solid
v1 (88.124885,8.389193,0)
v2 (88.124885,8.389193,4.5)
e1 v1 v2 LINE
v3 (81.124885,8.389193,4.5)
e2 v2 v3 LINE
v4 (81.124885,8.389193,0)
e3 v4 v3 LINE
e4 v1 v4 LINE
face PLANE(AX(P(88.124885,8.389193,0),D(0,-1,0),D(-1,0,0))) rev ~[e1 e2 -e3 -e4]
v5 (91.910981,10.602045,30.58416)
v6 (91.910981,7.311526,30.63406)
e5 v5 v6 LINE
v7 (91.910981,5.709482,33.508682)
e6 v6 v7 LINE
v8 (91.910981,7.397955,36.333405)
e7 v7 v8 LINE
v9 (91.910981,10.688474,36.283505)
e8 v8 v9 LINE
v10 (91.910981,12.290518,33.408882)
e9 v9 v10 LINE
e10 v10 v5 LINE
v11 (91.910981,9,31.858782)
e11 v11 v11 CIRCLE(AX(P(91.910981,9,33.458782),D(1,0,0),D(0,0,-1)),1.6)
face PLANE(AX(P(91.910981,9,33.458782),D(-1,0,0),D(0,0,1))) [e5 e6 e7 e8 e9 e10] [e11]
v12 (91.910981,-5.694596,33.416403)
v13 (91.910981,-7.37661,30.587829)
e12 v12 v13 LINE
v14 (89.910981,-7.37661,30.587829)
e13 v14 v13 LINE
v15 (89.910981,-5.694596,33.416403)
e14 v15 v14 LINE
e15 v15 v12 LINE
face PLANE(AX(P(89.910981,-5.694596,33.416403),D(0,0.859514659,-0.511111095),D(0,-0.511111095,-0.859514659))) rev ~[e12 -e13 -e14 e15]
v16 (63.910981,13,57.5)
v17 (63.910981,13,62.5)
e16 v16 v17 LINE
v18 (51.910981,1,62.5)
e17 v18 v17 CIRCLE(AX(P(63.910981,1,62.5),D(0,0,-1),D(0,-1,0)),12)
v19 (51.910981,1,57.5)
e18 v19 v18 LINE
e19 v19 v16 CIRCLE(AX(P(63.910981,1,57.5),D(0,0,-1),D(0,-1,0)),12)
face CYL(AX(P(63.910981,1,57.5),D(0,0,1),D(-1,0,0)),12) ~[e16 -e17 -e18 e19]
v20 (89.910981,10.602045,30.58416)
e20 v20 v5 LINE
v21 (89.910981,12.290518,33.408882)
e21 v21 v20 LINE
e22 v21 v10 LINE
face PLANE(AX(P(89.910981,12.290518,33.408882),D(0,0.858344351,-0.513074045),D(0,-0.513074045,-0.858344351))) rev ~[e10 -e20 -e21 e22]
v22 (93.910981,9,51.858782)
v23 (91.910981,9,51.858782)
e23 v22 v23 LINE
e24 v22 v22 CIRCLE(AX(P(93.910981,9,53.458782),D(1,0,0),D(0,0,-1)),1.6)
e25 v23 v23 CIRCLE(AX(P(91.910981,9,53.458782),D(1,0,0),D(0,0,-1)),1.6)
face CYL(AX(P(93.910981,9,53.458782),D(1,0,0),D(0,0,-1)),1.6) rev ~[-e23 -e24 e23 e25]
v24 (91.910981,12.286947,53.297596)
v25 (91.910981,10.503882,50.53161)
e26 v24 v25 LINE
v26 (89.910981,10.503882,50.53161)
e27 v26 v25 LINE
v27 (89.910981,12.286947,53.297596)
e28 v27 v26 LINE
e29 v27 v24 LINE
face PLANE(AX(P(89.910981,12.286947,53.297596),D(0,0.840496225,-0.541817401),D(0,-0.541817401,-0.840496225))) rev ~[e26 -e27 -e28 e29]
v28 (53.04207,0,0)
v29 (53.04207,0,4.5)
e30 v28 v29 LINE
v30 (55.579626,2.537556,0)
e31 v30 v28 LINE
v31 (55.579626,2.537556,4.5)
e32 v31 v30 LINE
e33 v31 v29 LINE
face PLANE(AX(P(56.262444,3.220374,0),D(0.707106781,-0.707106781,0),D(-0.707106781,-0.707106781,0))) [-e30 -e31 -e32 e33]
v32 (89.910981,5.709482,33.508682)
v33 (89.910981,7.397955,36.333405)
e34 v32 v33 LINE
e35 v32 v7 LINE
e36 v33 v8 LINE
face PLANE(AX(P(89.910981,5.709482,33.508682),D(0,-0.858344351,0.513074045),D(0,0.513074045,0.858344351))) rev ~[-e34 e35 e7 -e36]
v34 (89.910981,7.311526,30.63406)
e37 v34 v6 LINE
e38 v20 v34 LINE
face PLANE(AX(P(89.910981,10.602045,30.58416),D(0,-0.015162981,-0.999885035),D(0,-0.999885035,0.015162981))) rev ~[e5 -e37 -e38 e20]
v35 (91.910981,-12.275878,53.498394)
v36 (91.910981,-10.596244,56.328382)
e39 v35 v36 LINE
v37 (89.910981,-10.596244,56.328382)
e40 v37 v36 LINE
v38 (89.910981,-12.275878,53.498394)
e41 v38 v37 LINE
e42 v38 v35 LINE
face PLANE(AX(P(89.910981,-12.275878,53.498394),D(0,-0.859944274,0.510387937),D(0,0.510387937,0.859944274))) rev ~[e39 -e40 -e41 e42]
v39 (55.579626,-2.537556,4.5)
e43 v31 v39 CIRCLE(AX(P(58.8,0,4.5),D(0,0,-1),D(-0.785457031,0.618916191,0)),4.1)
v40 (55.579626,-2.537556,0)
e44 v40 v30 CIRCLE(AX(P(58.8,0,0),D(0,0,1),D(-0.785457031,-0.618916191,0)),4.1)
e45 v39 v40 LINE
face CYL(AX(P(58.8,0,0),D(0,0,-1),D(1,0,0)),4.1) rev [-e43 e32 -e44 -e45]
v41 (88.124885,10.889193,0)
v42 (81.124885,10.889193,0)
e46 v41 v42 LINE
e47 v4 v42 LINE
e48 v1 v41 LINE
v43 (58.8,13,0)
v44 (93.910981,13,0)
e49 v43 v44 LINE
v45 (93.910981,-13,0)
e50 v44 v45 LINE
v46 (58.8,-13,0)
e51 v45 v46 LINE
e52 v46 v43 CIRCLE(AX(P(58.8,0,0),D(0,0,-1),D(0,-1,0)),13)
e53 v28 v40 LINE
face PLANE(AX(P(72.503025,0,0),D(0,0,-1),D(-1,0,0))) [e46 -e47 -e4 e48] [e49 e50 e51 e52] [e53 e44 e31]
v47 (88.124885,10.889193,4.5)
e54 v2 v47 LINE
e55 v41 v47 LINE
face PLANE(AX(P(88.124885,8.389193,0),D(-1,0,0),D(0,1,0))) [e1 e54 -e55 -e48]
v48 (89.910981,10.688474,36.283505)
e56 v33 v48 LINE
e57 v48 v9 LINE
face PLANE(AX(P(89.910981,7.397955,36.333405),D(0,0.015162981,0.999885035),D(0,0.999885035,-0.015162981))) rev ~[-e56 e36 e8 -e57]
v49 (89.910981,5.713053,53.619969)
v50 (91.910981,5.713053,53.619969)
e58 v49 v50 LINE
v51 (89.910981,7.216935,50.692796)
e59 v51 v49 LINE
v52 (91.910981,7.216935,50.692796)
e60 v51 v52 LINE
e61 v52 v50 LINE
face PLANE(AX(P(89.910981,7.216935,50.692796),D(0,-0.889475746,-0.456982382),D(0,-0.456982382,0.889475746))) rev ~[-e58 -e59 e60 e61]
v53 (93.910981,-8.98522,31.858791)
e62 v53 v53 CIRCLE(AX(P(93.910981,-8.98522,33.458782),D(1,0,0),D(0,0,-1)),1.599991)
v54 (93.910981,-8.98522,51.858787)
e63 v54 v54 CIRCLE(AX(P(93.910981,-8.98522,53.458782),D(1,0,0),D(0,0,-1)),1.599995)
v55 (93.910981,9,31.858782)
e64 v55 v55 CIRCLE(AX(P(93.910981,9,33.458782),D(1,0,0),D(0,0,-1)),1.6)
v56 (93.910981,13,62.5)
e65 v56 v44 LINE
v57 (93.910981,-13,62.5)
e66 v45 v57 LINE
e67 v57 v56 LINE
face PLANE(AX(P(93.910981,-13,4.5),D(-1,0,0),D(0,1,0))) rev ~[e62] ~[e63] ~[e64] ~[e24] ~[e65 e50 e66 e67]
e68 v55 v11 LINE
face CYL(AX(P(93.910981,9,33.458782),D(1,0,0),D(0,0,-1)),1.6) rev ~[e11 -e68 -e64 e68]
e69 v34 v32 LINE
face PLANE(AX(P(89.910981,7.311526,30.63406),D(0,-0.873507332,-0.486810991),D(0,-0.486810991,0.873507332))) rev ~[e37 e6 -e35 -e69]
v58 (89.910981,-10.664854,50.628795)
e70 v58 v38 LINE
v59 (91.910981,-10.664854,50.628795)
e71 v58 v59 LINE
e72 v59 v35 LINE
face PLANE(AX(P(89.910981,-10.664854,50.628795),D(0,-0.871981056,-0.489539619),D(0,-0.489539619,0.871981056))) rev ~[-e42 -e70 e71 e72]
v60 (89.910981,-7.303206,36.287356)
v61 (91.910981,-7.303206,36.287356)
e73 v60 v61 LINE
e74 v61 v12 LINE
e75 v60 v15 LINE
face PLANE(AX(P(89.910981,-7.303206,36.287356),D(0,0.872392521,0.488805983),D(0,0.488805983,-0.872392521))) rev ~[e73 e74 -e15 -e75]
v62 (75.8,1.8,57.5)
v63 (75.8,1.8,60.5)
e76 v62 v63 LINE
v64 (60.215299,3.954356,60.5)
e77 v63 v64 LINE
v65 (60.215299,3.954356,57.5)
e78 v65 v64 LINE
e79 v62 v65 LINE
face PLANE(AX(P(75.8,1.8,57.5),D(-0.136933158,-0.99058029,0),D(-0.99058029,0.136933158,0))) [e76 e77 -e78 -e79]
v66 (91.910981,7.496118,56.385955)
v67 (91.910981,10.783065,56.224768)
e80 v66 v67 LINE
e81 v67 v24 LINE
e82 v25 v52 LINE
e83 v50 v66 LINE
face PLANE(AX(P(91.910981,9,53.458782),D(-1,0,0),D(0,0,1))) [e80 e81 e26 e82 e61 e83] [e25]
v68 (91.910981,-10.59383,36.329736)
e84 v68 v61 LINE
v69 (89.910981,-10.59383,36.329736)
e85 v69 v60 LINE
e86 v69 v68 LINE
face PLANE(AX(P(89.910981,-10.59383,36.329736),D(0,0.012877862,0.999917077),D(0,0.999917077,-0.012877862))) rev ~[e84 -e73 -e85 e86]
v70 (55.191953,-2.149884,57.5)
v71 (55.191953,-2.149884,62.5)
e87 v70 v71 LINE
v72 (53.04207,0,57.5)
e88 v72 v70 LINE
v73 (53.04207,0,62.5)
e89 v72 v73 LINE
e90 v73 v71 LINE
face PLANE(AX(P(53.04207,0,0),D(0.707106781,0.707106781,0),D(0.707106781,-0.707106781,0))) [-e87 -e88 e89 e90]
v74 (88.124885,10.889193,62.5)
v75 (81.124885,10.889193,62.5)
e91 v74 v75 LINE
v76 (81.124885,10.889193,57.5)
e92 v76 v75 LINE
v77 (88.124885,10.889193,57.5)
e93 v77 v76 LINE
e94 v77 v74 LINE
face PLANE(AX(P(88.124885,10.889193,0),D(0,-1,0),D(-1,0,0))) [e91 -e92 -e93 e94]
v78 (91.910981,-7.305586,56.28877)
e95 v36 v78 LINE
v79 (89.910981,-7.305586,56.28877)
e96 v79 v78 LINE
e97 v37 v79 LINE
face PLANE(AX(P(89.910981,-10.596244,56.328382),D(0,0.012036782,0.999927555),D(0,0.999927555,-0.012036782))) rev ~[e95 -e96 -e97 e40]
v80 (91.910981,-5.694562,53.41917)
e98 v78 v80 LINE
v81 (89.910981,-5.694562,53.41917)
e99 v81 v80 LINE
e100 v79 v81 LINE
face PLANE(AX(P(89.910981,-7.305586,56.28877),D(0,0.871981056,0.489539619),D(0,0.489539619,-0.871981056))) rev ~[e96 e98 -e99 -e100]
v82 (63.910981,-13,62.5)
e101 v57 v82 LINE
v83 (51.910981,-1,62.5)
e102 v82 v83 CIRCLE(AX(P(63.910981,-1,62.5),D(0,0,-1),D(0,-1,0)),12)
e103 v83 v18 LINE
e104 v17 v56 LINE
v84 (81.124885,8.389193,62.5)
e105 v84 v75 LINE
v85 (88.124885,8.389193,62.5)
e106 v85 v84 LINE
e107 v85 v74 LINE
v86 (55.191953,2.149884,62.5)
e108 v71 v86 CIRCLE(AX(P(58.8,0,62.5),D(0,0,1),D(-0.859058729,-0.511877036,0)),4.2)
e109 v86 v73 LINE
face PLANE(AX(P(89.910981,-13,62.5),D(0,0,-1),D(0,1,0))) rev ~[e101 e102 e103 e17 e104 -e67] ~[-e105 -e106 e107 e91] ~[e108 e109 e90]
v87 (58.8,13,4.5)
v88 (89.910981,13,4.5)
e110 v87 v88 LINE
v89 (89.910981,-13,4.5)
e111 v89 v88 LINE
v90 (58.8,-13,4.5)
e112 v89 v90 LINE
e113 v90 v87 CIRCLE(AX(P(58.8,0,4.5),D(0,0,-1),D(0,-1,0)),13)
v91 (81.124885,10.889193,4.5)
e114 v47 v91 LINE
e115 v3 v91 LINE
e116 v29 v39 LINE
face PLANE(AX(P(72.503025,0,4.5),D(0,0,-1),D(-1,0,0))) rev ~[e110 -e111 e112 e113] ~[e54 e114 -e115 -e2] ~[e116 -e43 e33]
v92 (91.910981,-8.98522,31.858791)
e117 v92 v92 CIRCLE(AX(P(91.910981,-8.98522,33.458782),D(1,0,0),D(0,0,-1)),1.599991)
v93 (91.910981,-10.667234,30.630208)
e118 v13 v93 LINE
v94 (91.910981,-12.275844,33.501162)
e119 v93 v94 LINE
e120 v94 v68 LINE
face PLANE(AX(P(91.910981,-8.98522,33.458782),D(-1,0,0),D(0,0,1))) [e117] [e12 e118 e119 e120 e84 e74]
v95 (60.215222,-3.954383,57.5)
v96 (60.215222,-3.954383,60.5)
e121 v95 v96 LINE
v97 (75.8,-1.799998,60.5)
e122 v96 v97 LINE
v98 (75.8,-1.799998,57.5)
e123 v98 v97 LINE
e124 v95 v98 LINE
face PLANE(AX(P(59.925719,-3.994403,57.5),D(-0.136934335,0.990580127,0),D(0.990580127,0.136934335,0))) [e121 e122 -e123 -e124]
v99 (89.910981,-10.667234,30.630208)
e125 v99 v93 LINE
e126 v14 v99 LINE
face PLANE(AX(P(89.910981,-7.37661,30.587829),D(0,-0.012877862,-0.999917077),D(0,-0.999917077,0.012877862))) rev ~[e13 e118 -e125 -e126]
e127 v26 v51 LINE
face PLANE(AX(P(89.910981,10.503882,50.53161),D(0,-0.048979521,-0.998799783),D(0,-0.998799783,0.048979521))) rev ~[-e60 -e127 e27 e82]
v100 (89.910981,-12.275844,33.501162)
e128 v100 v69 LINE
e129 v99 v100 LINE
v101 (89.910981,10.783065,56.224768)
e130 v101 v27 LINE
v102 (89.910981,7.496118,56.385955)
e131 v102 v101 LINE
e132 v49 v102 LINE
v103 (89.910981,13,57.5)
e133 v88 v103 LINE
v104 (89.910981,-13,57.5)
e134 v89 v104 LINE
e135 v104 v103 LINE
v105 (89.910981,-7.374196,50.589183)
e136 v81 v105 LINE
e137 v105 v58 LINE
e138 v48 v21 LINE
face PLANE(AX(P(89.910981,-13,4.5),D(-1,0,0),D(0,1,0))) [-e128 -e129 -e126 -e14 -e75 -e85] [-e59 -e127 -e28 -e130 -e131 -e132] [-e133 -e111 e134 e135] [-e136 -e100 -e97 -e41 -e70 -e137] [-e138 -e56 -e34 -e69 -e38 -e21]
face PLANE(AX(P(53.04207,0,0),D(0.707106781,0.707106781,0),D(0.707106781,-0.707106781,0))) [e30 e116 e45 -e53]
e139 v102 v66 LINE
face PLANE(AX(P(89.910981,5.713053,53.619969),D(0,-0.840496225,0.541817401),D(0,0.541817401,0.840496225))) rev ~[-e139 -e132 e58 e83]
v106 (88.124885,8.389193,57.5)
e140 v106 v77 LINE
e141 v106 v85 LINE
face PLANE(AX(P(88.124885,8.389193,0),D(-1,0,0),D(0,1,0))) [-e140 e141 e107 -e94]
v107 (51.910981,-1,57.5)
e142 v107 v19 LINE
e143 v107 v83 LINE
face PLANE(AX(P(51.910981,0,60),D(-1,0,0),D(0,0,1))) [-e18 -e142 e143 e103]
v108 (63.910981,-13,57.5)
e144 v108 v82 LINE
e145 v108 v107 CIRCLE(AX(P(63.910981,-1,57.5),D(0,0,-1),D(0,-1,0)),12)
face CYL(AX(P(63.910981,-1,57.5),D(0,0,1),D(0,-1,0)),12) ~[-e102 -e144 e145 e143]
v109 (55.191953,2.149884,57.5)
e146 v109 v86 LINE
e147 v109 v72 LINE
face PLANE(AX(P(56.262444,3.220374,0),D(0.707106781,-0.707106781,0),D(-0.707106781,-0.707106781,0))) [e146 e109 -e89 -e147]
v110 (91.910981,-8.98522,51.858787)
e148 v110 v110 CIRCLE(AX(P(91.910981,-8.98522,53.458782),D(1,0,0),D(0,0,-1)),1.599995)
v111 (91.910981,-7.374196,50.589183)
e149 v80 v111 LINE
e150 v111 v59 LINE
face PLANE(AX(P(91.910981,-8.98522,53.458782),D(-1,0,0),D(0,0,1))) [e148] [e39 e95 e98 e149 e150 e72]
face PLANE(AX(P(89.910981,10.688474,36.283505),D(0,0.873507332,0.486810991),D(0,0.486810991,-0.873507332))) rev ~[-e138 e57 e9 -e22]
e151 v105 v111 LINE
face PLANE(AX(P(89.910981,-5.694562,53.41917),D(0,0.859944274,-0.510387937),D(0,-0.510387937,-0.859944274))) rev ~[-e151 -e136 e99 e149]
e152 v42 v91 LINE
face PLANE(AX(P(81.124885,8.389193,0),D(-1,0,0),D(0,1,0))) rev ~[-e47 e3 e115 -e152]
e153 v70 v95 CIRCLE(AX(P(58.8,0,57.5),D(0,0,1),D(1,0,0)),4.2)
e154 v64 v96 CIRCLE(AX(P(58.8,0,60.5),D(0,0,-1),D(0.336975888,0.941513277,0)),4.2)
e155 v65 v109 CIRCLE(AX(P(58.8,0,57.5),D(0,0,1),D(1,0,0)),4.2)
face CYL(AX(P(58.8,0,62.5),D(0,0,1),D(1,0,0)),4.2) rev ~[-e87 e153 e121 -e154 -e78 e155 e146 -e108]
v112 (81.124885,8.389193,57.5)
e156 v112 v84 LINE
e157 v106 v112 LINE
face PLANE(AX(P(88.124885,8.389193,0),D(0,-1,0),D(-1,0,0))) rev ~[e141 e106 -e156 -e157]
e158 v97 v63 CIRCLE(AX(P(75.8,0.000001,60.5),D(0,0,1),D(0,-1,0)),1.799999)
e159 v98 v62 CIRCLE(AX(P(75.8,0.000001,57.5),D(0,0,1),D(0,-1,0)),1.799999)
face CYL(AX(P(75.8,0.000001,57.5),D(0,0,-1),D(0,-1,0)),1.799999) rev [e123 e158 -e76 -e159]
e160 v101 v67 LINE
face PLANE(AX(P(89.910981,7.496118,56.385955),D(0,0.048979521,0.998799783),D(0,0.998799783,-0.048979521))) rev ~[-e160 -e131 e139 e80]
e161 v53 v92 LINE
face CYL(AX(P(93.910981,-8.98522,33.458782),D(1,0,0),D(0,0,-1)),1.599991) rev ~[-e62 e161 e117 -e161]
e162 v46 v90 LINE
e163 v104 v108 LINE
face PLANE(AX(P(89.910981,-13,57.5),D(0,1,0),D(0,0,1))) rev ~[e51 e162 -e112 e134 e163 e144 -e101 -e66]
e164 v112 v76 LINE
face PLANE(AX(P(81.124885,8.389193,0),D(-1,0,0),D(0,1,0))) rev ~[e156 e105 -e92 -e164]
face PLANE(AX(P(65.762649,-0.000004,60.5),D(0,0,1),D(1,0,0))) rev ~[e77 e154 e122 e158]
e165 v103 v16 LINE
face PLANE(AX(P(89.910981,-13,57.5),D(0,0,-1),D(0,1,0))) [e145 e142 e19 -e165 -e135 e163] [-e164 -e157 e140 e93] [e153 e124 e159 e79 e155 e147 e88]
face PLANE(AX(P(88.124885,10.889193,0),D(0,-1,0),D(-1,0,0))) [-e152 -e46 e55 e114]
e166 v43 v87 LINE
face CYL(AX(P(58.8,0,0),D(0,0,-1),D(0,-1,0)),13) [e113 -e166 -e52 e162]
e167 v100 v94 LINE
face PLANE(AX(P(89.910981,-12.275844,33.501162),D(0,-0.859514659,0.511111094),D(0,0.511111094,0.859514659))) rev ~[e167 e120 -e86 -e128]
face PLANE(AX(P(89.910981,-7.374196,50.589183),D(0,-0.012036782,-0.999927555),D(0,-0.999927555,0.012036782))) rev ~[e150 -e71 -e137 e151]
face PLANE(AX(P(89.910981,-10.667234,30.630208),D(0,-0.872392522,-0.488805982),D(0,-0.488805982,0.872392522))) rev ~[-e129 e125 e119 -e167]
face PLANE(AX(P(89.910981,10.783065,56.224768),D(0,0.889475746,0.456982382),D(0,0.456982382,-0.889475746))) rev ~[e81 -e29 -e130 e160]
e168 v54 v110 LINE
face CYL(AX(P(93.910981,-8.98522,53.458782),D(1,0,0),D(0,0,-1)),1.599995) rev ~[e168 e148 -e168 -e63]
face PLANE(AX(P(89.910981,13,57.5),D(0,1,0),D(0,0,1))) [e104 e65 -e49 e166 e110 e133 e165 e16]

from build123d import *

# Parameters (mm, degrees)
SKETCH1_R           = 4.1
BOSS_EXTRUDE1_DEPTH = 4.5
SKETCH2_W           = 4
SKETCH2_H           = 26
BOSS_EXTRUDE2_DEPTH = 58
SKETCH3_W           = 5
SKETCH3_H           = 26
BOSS_EXTRUDE3_DEPTH = 38
CUT_EXTRUDE1_START  = -5
CUT_EXTRUDE1_DEPTH  = 3
SKETCH6_R           = 4.2
CUT_EXTRUDE2_DEPTH  = 10
FILLET1_R           = 12
CUT_EXTRUDE4_DEPTH  = 74
SKETCH8_R           = 1.599994812
SKETCH8_R_2         = 1.6
SKETCH8_R_3         = 1.599991008
CUT_EXTRUDE5_DEPTH  = 8.5
CUT_EXTRUDE6_DEPTH  = 2
SKETCH10_W          = 7
SKETCH10_H          = 2.5
CUT_EXTRUDE7_DEPTH  = 114


with BuildPart() as part:
    # Sketch1 → Boss-Extrude1 (new body)
    with BuildSketch(Plane.XY):
        with BuildLine():
            Line((58.8, 13), (93.910980652, 13))
            Line((93.910980652, 13), (93.910980652, -13))
            Line((93.910980652, -13), (58.8, -13))
            ThreePointArc((58.8, -13), (45.8, 0), (58.8, 13))
        make_face()
        with Locations((58.8, 0)):
            Circle(SKETCH1_R, mode=Mode.SUBTRACT)
    extrude(amount=BOSS_EXTRUDE1_DEPTH)

    # Sketch2 → Boss-Extrude2 (add)
    with BuildSketch(Plane.XY.offset(4.5)):
        with Locations((91.910980652, 0)):
            Rectangle(SKETCH2_W, SKETCH2_H)
    extrude(amount=BOSS_EXTRUDE2_DEPTH)

    # Sketch3 → Boss-Extrude3 (add)
    with BuildSketch(Plane.ZY.offset(-89.910980652)):
        with Locations((60, 0)):
            Rectangle(SKETCH3_W, SKETCH3_H)
    extrude(amount=BOSS_EXTRUDE3_DEPTH)

    # Sketch5 → Cut-Extrude1 (cut)
    with BuildSketch(Plane.XY.offset(62.5).offset(CUT_EXTRUDE1_START)):
        with BuildLine():
            Line((75.8, 1.8), (59.925839282, 3.994369276))
            ThreePointArc((59.925839282, 3.994369276), (54.65, 6.2252e-05), (59.925719446, -3.99440305))
            Line((59.925719446, -3.99440305), (75.8, -1.799997977))
            ThreePointArc((75.8, -1.799997977), (77.599998989, 1.011e-06), (75.8, 1.8))
        make_face()
    extrude(amount=CUT_EXTRUDE1_DEPTH, mode=Mode.SUBTRACT)

    # Sketch6 → Cut-Extrude2 (cut)
    with BuildSketch(Plane.XY.offset(62.5)):
        with Locations((58.8, 0)):
            Circle(SKETCH6_R)
    extrude(amount=-CUT_EXTRUDE2_DEPTH, mode=Mode.SUBTRACT)

    # Fillet1
    fillet1_edges = [part.edges().sort_by_distance(p)[0] for p in [
        (51.910980652, 13, 60),
        (51.910980652, -13, 60),
    ]]
    fillet(fillet1_edges, radius=FILLET1_R)

    # Sketch7 → Cut-Extrude4 (cut)
    with BuildSketch(Plane(origin=(0, 0, 0), x_dir=(-1, 0, 0), z_dir=(0, 0, -1))):
        Polygon((-56.262443614, -3.220373827), (-56.262443614, 3.220373827), (-53.042069787, 0), align=None)
    extrude(amount=-CUT_EXTRUDE4_DEPTH, mode=Mode.SUBTRACT)

    # Sketch8 → Cut-Extrude5 (cut)
    with BuildSketch(Plane(origin=(93.910980652, 0, 0), x_dir=(0, 0, -1), z_dir=(1, 0, 0))):
        with Locations((-53.458782271, -8.985219923)):
            Circle(SKETCH8_R)
        with Locations((-53.458782271, 9)):
            Circle(SKETCH8_R_2)
        with Locations((-33.458782271, 9)):
            Circle(SKETCH8_R_2)
        with Locations((-33.458782271, -8.985219923)):
            Circle(SKETCH8_R_3)
    extrude(amount=-CUT_EXTRUDE5_DEPTH, mode=Mode.SUBTRACT)

    # Sketch9 → Cut-Extrude6 (cut)
    with BuildSketch(Plane.ZY.offset(-89.910980652)):
        Polygon((30.587828745, -7.37661001), (30.630208458, -10.667233653), (33.501161984, -12.275843566), (36.329735796, -10.593829837), (36.287356083, -7.303206194), (33.416402558, -5.69459628), align=None)
        Polygon((30.584160019, 10.602044603), (30.63405982, 7.311526406), (33.508682072, 5.709481802), (36.333404522, 7.397955397), (36.283504721, 10.688473594), (33.408882469, 12.290518198), align=None)
        Polygon((50.589182836, -7.374195689), (50.62879464, -10.664853815), (53.498394075, -12.27587805), (56.328381705, -10.596244158), (56.288769901, -7.305586031), (53.419170466, -5.694561797), align=None)
        Polygon((50.692796157, 7.216934993), (53.619968806, 5.713053256), (56.38595492, 7.496118262), (56.224768384, 10.783065007), (53.297595735, 12.286946744), (50.531609621, 10.503881738), align=None)
    extrude(amount=-CUT_EXTRUDE6_DEPTH, mode=Mode.SUBTRACT)

    # Sketch10 → Cut-Extrude7 (cut)
    with BuildSketch(Plane(origin=(0, 0, 0), x_dir=(-1, 0, 0), z_dir=(0, 0, -1))):
        with Locations((-84.62488512, 9.639193317)):
            Rectangle(SKETCH10_W, SKETCH10_H)
    extrude(amount=-CUT_EXTRUDE7_DEPTH, mode=Mode.SUBTRACT)


solid = part.part
